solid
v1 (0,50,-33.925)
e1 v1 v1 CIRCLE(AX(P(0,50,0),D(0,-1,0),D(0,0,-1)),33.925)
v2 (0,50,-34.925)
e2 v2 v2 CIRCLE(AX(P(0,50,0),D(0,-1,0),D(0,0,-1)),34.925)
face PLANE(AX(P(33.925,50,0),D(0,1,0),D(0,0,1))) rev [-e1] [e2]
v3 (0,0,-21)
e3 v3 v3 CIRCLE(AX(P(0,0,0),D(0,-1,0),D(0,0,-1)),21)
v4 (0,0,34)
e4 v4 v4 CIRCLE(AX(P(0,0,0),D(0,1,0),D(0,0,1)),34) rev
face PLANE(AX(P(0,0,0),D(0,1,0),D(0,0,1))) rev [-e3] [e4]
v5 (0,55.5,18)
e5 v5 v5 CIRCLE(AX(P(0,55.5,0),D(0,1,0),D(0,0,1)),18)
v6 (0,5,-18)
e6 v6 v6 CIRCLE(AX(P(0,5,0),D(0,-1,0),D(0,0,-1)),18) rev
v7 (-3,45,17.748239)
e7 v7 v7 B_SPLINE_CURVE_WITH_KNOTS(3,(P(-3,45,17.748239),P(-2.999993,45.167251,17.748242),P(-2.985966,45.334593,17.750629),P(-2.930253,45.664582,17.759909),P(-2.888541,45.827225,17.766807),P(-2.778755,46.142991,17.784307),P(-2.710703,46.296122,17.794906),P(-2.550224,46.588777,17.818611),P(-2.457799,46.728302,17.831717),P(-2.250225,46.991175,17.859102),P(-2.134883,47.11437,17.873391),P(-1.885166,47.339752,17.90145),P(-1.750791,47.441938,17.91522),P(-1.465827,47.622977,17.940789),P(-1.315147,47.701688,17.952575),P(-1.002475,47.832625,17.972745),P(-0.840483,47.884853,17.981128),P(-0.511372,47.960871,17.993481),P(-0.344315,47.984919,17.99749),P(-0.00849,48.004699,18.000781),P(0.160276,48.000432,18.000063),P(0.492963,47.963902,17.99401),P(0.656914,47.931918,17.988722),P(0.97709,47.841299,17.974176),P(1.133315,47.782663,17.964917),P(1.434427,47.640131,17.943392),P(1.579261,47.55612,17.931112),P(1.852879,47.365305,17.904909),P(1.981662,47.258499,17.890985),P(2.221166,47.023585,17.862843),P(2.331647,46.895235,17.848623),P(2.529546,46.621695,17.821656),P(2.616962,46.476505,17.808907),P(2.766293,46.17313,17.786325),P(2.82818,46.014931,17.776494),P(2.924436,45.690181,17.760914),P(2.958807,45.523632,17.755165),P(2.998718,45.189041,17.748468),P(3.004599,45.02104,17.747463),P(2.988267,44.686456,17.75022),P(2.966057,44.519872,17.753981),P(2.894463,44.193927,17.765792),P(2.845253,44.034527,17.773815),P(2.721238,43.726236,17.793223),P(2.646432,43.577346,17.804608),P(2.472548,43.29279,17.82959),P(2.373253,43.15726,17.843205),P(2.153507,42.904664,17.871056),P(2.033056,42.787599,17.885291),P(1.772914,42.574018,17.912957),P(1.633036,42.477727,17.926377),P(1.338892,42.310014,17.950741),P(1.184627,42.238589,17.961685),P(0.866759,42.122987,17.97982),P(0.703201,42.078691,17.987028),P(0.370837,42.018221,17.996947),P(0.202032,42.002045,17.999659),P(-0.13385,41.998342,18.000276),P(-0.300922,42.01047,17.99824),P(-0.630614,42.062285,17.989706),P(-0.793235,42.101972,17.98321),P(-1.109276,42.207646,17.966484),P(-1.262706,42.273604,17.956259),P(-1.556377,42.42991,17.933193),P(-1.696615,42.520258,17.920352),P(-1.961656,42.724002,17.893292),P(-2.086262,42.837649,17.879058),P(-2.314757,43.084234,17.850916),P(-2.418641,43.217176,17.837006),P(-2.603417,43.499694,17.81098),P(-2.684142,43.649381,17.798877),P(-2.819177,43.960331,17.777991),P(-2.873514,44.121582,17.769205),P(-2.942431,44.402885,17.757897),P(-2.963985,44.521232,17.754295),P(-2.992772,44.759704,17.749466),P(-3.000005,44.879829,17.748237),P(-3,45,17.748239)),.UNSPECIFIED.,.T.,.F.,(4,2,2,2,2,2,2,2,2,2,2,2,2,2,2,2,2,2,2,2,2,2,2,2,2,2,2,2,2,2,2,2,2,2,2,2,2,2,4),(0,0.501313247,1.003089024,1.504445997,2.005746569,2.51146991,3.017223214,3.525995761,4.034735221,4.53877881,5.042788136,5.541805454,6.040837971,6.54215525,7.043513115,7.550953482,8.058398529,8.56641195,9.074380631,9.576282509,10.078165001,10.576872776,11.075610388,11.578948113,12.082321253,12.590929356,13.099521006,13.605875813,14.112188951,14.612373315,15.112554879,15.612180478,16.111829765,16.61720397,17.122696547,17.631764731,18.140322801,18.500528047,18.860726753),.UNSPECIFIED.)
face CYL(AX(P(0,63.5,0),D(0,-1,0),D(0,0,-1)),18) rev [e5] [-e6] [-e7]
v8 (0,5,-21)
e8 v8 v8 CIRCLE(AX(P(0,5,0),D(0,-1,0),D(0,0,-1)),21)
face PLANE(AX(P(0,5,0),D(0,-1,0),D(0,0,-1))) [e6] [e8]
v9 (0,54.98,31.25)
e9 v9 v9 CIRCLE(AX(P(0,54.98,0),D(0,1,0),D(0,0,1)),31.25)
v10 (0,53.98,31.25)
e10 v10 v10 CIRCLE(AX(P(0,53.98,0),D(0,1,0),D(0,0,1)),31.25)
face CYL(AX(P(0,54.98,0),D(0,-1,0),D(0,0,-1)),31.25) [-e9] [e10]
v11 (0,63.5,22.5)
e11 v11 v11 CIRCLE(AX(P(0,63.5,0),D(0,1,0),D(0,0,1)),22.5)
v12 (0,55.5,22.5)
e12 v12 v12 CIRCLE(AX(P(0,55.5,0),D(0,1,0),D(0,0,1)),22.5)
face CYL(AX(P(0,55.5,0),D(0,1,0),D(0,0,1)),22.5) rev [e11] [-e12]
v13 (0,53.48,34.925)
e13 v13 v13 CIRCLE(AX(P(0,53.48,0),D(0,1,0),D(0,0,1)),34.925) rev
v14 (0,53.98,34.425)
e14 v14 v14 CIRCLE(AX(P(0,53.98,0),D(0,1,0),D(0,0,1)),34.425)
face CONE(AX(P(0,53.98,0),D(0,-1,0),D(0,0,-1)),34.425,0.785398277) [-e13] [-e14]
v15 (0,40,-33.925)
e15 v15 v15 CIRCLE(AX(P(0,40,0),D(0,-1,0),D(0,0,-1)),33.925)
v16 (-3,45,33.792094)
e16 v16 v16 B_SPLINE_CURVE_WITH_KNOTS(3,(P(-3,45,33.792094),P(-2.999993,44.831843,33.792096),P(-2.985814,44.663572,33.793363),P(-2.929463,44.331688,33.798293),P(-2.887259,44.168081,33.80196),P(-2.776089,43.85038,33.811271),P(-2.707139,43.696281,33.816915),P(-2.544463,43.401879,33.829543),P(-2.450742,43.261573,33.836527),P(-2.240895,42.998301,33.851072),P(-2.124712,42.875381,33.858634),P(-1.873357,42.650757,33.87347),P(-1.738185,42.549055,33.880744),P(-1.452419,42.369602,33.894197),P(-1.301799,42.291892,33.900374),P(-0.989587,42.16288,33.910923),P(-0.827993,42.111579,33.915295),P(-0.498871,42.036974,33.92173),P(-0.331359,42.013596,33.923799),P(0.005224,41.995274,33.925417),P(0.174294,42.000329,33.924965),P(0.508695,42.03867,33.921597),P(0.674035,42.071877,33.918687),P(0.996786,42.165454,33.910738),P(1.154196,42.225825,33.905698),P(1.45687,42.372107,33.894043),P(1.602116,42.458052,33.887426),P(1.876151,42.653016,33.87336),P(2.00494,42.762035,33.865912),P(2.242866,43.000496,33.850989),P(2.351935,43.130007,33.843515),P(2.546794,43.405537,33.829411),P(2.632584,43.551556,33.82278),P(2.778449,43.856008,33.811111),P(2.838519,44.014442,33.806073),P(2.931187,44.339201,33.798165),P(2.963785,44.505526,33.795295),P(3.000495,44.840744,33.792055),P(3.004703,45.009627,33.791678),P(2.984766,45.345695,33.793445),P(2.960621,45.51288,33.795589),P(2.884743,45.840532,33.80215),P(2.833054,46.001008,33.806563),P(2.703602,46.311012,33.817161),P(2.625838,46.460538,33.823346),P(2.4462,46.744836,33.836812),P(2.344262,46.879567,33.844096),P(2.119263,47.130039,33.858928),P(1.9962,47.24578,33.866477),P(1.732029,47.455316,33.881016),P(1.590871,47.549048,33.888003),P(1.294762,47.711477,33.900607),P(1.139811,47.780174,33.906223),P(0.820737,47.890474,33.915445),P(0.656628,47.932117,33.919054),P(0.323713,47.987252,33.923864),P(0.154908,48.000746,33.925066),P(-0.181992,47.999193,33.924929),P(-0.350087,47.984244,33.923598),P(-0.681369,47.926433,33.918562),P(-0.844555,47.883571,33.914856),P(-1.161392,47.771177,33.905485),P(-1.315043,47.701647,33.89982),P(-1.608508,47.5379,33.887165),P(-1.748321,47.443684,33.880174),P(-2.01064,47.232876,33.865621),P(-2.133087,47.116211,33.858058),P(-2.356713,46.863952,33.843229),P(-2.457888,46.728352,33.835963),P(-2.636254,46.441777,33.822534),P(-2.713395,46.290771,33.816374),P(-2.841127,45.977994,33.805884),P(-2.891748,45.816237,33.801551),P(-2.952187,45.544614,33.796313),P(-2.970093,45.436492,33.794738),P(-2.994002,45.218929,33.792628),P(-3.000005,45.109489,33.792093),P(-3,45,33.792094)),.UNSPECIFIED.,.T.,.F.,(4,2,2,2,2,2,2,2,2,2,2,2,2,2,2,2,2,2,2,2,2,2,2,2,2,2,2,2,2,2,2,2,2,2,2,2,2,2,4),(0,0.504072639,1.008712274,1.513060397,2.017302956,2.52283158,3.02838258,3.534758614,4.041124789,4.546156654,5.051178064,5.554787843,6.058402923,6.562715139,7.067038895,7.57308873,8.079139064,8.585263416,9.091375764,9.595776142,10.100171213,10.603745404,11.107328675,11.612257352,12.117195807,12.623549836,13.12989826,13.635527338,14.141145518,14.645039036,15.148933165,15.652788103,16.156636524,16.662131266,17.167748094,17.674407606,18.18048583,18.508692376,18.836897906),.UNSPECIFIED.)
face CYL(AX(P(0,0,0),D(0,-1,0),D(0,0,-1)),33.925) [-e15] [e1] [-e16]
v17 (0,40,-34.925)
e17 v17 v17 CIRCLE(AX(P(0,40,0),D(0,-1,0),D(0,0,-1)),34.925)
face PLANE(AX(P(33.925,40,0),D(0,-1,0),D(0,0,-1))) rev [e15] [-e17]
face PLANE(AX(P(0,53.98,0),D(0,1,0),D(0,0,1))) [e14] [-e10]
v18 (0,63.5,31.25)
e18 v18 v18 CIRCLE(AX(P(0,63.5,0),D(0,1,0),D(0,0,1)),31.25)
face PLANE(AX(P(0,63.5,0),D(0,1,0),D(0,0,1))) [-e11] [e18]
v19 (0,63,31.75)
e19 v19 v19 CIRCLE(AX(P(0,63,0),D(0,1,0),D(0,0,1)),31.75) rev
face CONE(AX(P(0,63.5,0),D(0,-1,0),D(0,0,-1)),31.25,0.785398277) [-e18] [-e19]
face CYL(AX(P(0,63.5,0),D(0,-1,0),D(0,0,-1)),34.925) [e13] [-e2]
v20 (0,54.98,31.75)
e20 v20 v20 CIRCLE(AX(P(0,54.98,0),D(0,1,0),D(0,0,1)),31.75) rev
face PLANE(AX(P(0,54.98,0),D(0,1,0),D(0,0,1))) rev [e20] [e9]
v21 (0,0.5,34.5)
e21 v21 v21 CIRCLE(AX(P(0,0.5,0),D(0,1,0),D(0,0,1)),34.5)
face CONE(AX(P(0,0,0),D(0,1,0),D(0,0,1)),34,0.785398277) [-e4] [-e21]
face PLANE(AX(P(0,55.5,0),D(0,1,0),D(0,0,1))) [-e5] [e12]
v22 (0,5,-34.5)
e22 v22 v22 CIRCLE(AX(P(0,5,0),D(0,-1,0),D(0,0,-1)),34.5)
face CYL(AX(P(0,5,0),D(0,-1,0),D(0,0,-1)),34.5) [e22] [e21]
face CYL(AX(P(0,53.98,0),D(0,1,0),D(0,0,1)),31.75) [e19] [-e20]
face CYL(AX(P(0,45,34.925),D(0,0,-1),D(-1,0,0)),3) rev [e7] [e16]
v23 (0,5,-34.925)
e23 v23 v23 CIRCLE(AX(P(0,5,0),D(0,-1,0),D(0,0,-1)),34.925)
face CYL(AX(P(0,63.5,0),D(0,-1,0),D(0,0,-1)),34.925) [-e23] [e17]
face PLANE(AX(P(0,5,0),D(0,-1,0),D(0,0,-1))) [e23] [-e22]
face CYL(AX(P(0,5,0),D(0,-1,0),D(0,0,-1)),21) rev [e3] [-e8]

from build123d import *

# Parameters (mm, degrees)
SKETCH1_R                      = 34.925
MAIN_BODY_DEPTH                = 63.5
SKETCH2_OUTSIDE_W              = 95.336
SKETCH2_OUTSIDE_H              = 95.336
SKETCH2_OUTSIDE_R              = 34.5
BOTTOM_STEP_DEPTH              = 5
SKETCH3_OUTSIDE_W              = 95.336
SKETCH3_OUTSIDE_H              = 95.336
SKETCH3_OUTSIDE_R              = 31.75
TOP_DIAMETER_DEPTH             = 9.52
SKETCH4_OUTSIDE_W              = 95.336
SKETCH4_OUTSIDE_H              = 95.336
SKETCH4_OUTSIDE_R              = 31.25
CUT_EXTRUDE3_DEPTH             = 1
SKETCH5_R                      = 22.5
INSERT_BORE_DEPTH              = 8
SKETCH6_R                      = 18
CUT_EXTRUDE5_DEPTH             = 64.5
SKETCH7_R                      = 21
CUT_EXTRUDE6_DEPTH             = 5
BOTTOM_EDGE_CHAMFER_SIZE2      = 0.499999887
BOTTOM_EDGE_CHAMFER_SIZE       = 0.5
TOP_FACE_CHAMFER_SIZE2         = 0.499999887
TOP_FACE_CHAMFER_SIZE          = 0.5
BODY_TO_TOP_FACE_CHAMFER_SIZE2 = 0.499999887
BODY_TO_TOP_FACE_CHAMFER_SIZE  = 0.5
SKETCH8_W                      = 1
SKETCH8_H                      = 10
SKETCH9_R                      = 3
OIL_HOLE_DEPTH                 = 35.925


with BuildPart() as part:
    # Sketch1 → Main Body (new body)
    with BuildSketch(Plane(origin=(0, 0, 0), x_dir=(1, 0, 0), z_dir=(0, 1, 0))):
        Circle(SKETCH1_R)
    extrude(amount=MAIN_BODY_DEPTH)

    # Sketch2 outside → Bottom Step (cut)
    with BuildSketch(Plane.XZ):
        Rectangle(SKETCH2_OUTSIDE_W, SKETCH2_OUTSIDE_H)
        Circle(SKETCH2_OUTSIDE_R, mode=Mode.SUBTRACT)
    extrude(amount=-BOTTOM_STEP_DEPTH, mode=Mode.SUBTRACT)

    # Sketch3 outside → Top Diameter (cut)
    with BuildSketch(Plane(origin=(0, 63.5, 0), x_dir=(1, 0, 0), z_dir=(0, 1, 0))):
        Rectangle(SKETCH3_OUTSIDE_W, SKETCH3_OUTSIDE_H)
        Circle(SKETCH3_OUTSIDE_R, mode=Mode.SUBTRACT)
    extrude(amount=-TOP_DIAMETER_DEPTH, mode=Mode.SUBTRACT)

    # Sketch4 outside → Cut-Extrude3 (cut)
    with BuildSketch(Plane(origin=(0, 53.98, 0), x_dir=(1, 0, 0), z_dir=(0, 1, 0))):
        Rectangle(SKETCH4_OUTSIDE_W, SKETCH4_OUTSIDE_H)
        Circle(SKETCH4_OUTSIDE_R, mode=Mode.SUBTRACT)
    extrude(amount=CUT_EXTRUDE3_DEPTH, mode=Mode.SUBTRACT)

    # Sketch5 → Insert Bore (cut)
    with BuildSketch(Plane(origin=(0, 63.5, 0), x_dir=(1, 0, 0), z_dir=(0, 1, 0))):
        Circle(SKETCH5_R)
    extrude(amount=-INSERT_BORE_DEPTH, mode=Mode.SUBTRACT)

    # Sketch6 → Cut-Extrude5 (cut, through all)
    with BuildSketch(Plane.XZ):
        Circle(SKETCH6_R)
    extrude(amount=-CUT_EXTRUDE5_DEPTH, mode=Mode.SUBTRACT)

    # Sketch7 → Cut-Extrude6 (cut)
    with BuildSketch(Plane.XZ):
        Circle(SKETCH7_R)
    extrude(amount=-CUT_EXTRUDE6_DEPTH, mode=Mode.SUBTRACT)

    # Bottom Edge Chamfer
    bottom_edge_chamfer_edges = [part.edges().sort_by_distance(p)[0] for p in [
        (-34.5, 0, 0),
    ]]
    chamfer(bottom_edge_chamfer_edges, length=BOTTOM_EDGE_CHAMFER_SIZE, length2=BOTTOM_EDGE_CHAMFER_SIZE2)

    # Top Face Chamfer
    top_face_chamfer_edges = [part.edges().sort_by_distance(p)[0] for p in [
        (-31.75, 63.5, 0),
    ]]
    chamfer(top_face_chamfer_edges, length=TOP_FACE_CHAMFER_SIZE, length2=TOP_FACE_CHAMFER_SIZE2)

    # Body To Top Face Chamfer
    body_to_top_face_chamfer_edges = [part.edges().sort_by_distance(p)[0] for p in [
        (-34.925, 53.98, 0),
    ]]
    chamfer(body_to_top_face_chamfer_edges, length=BODY_TO_TOP_FACE_CHAMFER_SIZE, length2=BODY_TO_TOP_FACE_CHAMFER_SIZE2)

    # Sketch8 → Oil Groove (revolve, cut)
    with BuildSketch(Plane.XY):
        with Locations((34.425, 45)):
            Rectangle(SKETCH8_W, SKETCH8_H)
    revolve(axis=Axis((0, 0, 0), (0, 1, 0)), mode=Mode.SUBTRACT)

    # Sketch9 → Oil Hole (cut, through all)
    with BuildSketch(Plane.XY):
        with Locations((0, 45)):
            Circle(SKETCH9_R)
    extrude(amount=OIL_HOLE_DEPTH, mode=Mode.SUBTRACT)


solid = part.part
